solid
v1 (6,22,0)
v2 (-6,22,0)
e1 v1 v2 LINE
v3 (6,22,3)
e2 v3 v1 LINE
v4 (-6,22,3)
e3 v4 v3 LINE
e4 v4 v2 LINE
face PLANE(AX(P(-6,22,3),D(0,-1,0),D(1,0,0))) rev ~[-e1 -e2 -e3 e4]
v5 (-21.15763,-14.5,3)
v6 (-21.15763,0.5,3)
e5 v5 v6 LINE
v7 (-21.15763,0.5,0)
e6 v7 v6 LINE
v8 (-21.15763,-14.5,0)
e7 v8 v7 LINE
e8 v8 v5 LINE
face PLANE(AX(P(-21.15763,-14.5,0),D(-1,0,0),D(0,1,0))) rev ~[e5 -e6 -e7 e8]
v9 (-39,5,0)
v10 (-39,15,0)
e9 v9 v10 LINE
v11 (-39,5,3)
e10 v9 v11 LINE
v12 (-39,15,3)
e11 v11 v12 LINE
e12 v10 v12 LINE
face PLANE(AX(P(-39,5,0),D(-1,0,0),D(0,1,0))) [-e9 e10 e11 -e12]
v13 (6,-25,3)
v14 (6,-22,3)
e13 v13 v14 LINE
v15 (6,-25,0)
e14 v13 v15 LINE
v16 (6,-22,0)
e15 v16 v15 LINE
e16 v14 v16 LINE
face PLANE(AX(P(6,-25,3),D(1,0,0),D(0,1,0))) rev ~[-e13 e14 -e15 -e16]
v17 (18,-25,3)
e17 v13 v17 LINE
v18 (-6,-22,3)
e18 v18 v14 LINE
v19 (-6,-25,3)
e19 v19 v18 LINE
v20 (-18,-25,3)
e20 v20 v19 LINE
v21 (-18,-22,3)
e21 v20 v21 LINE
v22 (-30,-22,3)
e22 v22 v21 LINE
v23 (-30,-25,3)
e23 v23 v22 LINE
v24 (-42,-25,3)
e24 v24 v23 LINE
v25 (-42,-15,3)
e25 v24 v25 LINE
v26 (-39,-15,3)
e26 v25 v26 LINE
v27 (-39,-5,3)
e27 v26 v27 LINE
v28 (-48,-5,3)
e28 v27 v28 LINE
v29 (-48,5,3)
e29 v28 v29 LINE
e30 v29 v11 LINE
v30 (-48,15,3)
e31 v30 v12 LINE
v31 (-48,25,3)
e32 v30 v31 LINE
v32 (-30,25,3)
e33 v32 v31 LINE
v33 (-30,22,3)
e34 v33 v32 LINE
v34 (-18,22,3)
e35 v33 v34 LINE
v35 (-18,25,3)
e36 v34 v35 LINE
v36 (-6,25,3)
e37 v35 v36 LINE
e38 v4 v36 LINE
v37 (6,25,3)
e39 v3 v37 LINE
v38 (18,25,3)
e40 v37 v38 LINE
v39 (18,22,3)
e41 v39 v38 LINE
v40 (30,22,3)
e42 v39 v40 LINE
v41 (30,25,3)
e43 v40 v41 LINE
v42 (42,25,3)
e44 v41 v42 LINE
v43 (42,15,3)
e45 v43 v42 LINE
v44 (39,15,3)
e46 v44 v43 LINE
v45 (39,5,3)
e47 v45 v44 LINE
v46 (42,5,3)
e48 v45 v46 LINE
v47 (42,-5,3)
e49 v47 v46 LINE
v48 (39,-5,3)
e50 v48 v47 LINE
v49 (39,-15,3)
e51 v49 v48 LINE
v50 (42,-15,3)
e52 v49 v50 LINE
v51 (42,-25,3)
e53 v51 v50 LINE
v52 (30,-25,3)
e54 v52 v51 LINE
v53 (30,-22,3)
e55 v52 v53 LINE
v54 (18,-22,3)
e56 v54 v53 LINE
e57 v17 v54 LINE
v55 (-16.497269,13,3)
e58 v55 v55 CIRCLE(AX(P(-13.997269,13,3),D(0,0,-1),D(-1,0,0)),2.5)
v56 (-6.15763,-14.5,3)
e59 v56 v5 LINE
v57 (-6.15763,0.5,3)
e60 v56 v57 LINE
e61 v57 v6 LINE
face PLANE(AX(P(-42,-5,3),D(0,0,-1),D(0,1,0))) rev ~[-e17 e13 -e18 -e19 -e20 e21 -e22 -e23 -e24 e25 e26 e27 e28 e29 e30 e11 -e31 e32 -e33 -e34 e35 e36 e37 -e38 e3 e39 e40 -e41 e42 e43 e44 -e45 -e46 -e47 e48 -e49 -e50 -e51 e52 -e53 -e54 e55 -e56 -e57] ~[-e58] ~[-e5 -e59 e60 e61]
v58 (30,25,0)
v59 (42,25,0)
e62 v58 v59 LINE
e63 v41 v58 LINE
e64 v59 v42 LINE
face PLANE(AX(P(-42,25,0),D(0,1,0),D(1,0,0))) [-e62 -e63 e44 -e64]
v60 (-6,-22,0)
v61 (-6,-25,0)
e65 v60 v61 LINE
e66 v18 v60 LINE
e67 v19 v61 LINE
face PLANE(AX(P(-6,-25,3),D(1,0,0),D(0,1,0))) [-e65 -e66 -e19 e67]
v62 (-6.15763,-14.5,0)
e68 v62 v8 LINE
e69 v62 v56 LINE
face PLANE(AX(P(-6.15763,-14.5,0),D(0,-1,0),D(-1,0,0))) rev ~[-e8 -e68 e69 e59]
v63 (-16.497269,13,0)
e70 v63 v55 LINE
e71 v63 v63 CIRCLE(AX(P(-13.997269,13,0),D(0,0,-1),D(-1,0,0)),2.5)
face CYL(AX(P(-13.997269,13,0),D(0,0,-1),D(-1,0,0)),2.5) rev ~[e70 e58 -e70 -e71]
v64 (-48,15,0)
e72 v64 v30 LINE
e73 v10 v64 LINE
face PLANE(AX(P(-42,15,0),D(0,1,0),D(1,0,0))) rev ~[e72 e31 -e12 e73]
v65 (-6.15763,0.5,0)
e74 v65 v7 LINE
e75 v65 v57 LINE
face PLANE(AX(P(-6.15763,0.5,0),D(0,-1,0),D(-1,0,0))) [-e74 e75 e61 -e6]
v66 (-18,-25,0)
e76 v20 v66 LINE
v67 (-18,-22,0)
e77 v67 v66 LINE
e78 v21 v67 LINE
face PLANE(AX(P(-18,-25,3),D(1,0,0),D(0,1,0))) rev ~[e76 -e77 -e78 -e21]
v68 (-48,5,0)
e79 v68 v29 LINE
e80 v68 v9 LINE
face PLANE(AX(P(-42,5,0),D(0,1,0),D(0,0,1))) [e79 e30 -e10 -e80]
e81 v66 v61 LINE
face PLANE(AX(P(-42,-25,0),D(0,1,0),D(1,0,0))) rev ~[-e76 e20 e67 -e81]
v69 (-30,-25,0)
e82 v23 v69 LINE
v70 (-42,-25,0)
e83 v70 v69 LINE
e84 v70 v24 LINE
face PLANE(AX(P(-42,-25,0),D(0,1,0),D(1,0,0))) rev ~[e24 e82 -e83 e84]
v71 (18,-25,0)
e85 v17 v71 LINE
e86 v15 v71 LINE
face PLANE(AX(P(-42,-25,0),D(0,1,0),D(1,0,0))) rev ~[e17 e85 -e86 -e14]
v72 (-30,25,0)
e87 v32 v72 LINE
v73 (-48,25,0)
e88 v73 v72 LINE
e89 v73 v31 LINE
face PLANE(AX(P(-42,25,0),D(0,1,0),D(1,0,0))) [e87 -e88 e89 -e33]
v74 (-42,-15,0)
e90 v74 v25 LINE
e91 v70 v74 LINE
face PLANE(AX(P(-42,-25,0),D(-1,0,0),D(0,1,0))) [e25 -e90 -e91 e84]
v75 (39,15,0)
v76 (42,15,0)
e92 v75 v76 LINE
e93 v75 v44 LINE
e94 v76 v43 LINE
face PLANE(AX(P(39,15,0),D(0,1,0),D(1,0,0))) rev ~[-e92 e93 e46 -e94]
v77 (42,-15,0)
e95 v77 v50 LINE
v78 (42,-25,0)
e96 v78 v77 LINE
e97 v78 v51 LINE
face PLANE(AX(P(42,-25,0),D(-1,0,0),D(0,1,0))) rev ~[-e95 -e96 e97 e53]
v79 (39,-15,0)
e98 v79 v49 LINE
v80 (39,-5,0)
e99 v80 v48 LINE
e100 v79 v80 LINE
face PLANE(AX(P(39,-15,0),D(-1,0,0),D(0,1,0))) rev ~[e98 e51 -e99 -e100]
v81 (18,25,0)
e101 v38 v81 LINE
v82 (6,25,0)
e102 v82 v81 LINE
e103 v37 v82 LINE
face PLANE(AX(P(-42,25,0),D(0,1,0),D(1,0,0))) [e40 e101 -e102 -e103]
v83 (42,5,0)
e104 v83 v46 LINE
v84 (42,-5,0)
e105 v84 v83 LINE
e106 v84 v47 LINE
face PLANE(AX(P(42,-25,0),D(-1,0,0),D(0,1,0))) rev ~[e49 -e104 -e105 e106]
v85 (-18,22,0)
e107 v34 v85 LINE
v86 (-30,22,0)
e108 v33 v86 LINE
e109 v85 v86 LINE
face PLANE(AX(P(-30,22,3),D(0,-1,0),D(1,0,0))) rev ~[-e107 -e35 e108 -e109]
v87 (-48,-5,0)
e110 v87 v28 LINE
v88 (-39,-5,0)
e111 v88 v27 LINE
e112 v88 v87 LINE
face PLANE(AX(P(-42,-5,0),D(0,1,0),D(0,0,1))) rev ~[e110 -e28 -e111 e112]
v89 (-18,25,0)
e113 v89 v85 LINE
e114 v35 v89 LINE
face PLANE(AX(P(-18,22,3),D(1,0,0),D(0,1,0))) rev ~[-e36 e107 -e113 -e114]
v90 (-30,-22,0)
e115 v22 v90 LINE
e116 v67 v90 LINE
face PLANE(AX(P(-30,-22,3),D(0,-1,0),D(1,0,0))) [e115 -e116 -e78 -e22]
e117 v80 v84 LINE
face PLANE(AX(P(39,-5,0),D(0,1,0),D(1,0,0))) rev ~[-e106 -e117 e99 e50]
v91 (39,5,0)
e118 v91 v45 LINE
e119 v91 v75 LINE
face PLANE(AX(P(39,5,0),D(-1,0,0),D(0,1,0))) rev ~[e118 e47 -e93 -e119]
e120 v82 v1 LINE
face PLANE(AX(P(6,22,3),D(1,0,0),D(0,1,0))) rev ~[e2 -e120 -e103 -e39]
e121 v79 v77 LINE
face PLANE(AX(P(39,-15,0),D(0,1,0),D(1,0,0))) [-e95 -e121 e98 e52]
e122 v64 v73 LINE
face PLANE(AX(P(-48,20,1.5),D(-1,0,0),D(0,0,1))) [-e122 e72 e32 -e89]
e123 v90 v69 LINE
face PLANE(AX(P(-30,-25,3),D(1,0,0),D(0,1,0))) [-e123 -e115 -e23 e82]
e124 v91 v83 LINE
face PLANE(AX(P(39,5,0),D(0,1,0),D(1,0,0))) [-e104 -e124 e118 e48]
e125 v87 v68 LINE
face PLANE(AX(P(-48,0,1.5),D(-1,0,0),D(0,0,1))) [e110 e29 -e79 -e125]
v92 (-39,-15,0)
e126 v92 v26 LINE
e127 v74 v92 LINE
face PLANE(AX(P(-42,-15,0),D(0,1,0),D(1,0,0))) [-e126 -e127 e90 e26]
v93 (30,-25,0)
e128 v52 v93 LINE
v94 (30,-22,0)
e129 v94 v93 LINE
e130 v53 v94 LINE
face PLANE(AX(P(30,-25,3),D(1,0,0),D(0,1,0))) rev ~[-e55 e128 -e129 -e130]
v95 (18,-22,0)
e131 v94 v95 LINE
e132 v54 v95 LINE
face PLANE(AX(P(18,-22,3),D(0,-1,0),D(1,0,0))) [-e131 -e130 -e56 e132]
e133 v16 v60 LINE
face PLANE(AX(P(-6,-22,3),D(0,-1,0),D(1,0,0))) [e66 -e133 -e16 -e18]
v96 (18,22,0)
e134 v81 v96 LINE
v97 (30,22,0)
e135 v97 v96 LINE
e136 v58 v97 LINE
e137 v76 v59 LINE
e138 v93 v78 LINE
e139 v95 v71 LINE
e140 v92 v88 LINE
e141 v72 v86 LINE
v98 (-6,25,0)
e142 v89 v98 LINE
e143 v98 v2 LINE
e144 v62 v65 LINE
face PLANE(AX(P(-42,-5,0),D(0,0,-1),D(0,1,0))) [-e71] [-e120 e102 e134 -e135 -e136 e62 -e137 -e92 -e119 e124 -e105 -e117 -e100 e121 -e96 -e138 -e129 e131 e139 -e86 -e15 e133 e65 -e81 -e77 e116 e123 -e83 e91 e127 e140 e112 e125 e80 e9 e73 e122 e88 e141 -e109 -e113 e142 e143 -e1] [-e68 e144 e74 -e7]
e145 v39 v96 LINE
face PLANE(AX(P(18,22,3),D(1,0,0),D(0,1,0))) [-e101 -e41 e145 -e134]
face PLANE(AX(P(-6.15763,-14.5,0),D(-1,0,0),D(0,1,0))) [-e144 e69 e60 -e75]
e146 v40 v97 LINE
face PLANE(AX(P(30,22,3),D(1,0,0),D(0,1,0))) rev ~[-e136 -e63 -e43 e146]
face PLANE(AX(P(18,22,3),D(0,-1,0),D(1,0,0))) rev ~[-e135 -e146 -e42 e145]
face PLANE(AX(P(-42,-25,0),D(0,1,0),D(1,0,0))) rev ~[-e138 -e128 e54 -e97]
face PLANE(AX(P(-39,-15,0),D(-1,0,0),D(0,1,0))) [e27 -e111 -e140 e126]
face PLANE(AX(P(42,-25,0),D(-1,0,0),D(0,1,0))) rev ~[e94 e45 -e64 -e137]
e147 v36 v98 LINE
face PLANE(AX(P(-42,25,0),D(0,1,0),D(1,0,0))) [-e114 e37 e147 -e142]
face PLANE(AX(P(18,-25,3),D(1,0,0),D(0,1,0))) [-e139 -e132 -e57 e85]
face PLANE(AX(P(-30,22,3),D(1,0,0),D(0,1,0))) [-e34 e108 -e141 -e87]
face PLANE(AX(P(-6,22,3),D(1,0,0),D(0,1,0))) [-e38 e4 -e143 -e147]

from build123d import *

# Parameters (mm, degrees)
ESBO_O4_W                = 84
ESBO_O4_H                = 50
RESSALTO_EXTRUS_O2_DEPTH = 3
CORTE_EXTRUS_O2_REACH    = 50.969
ESBO_O5_W                = 12
ESBO_O5_H                = 3
CORTE_EXTRUS_O4_REACH    = 50.969
ESBO_O6_W                = 3
ESBO_O6_H                = 10
CORTE_EXTRUS_O5_REACH    = 50.969
ESBO_O8_R                = 2.5
ESBO_O8_W                = 15
ESBO_O8_H                = 15
ESBO_O11_W               = 3
ESBO_O11_H               = 10
RESSALTO_EXTRUS_O4_DEPTH = 6


with BuildPart() as part:
    # Esboço4 → Ressalto-extrusão2 (new body)
    with BuildSketch(Plane.XY):
        Rectangle(ESBO_O4_W, ESBO_O4_H)
    extrude(amount=RESSALTO_EXTRUS_O2_DEPTH)

    # Esboço5 → Corte-extrusão2 (cut, up to next)
    with BuildSketch(Plane.XY.offset(3), mode=Mode.PRIVATE) as corte_extrus_o2_sk1:
        with Locations((24, 23.5)):
            Rectangle(ESBO_O5_W, ESBO_O5_H)
    corte_extrus_o2_tool1 = extrude(corte_extrus_o2_sk1.sketch, amount=-CORTE_EXTRUS_O2_REACH, mode=Mode.PRIVATE) & part.part
    # Esboço5 → Corte-extrusão2 (cut, up to next)
    with BuildSketch(Plane.XY.offset(3), mode=Mode.PRIVATE) as corte_extrus_o2_sk2:
        with Locations((-24, 23.5)):
            Rectangle(ESBO_O5_W, ESBO_O5_H)
    corte_extrus_o2_tool2 = extrude(corte_extrus_o2_sk2.sketch, amount=-CORTE_EXTRUS_O2_REACH, mode=Mode.PRIVATE) & part.part
    # Esboço5 → Corte-extrusão2 (cut, up to next)
    with BuildSketch(Plane.XY.offset(3), mode=Mode.PRIVATE) as corte_extrus_o2_sk3:
        with Locations((0, 23.5)):
            Rectangle(ESBO_O5_W, ESBO_O5_H)
    corte_extrus_o2_tool3 = extrude(corte_extrus_o2_sk3.sketch, amount=-CORTE_EXTRUS_O2_REACH, mode=Mode.PRIVATE) & part.part
    # Esboço5 → Corte-extrusão2 (cut, up to next)
    with BuildSketch(Plane.XY.offset(3), mode=Mode.PRIVATE) as corte_extrus_o2_sk4:
        with Locations((0, -23.5)):
            Rectangle(ESBO_O5_W, ESBO_O5_H)
    corte_extrus_o2_tool4 = extrude(corte_extrus_o2_sk4.sketch, amount=-CORTE_EXTRUS_O2_REACH, mode=Mode.PRIVATE) & part.part
    # Esboço5 → Corte-extrusão2 (cut, up to next)
    with BuildSketch(Plane.XY.offset(3), mode=Mode.PRIVATE) as corte_extrus_o2_sk5:
        with Locations((-24, -23.5)):
            Rectangle(ESBO_O5_W, ESBO_O5_H)
    corte_extrus_o2_tool5 = extrude(corte_extrus_o2_sk5.sketch, amount=-CORTE_EXTRUS_O2_REACH, mode=Mode.PRIVATE) & part.part
    # Esboço5 → Corte-extrusão2 (cut, up to next)
    with BuildSketch(Plane.XY.offset(3), mode=Mode.PRIVATE) as corte_extrus_o2_sk6:
        with Locations((24, -23.5)):
            Rectangle(ESBO_O5_W, ESBO_O5_H)
    corte_extrus_o2_tool6 = extrude(corte_extrus_o2_sk6.sketch, amount=-CORTE_EXTRUS_O2_REACH, mode=Mode.PRIVATE) & part.part
    add(corte_extrus_o2_tool1.solids().sort_by_distance((24, 23.5, 3))[0], mode=Mode.SUBTRACT)
    add(corte_extrus_o2_tool2.solids().sort_by_distance((-24, 23.5, 3))[0], mode=Mode.SUBTRACT)
    add(corte_extrus_o2_tool3.solids().sort_by_distance((0, 23.5, 3))[0], mode=Mode.SUBTRACT)
    add(corte_extrus_o2_tool4.solids().sort_by_distance((0, -23.5, 3))[0], mode=Mode.SUBTRACT)
    add(corte_extrus_o2_tool5.solids().sort_by_distance((-24, -23.5, 3))[0], mode=Mode.SUBTRACT)
    add(corte_extrus_o2_tool6.solids().sort_by_distance((24, -23.5, 3))[0], mode=Mode.SUBTRACT)

    # Esboço6 → Corte-extrusão4 (cut, up to next)
    with BuildSketch(Plane.XY, mode=Mode.PRIVATE) as corte_extrus_o4_sk1:
        with Locations((40.5, 10)):
            Rectangle(ESBO_O6_W, ESBO_O6_H)
    corte_extrus_o4_tool1 = extrude(corte_extrus_o4_sk1.sketch, amount=CORTE_EXTRUS_O4_REACH, mode=Mode.PRIVATE) & part.part
    # Esboço6 → Corte-extrusão4 (cut, up to next)
    with BuildSketch(Plane.XY, mode=Mode.PRIVATE) as corte_extrus_o4_sk2:
        with Locations((-40.5, 10)):
            Rectangle(ESBO_O6_W, ESBO_O6_H)
    corte_extrus_o4_tool2 = extrude(corte_extrus_o4_sk2.sketch, amount=CORTE_EXTRUS_O4_REACH, mode=Mode.PRIVATE) & part.part
    # Esboço6 → Corte-extrusão4 (cut, up to next)
    with BuildSketch(Plane.XY, mode=Mode.PRIVATE) as corte_extrus_o4_sk3:
        with Locations((-40.5, -10)):
            Rectangle(ESBO_O6_W, ESBO_O6_H)
    corte_extrus_o4_tool3 = extrude(corte_extrus_o4_sk3.sketch, amount=CORTE_EXTRUS_O4_REACH, mode=Mode.PRIVATE) & part.part
    # Esboço6 → Corte-extrusão4 (cut, up to next)
    with BuildSketch(Plane.XY, mode=Mode.PRIVATE) as corte_extrus_o4_sk4:
        with Locations((40.5, -10)):
            Rectangle(ESBO_O6_W, ESBO_O6_H)
    corte_extrus_o4_tool4 = extrude(corte_extrus_o4_sk4.sketch, amount=CORTE_EXTRUS_O4_REACH, mode=Mode.PRIVATE) & part.part
    add(corte_extrus_o4_tool1.solids().sort_by_distance((40.5, 10, 0))[0], mode=Mode.SUBTRACT)
    add(corte_extrus_o4_tool2.solids().sort_by_distance((-40.5, 10, 0))[0], mode=Mode.SUBTRACT)
    add(corte_extrus_o4_tool3.solids().sort_by_distance((-40.5, -10, 0))[0], mode=Mode.SUBTRACT)
    add(corte_extrus_o4_tool4.solids().sort_by_distance((40.5, -10, 0))[0], mode=Mode.SUBTRACT)

    # Esboço8 → Corte-extrusão5 (cut, up to next)
    with BuildSketch(Plane(origin=(0, 0, 0), x_dir=(-1, 0, 0), z_dir=(0, 0, -1)), mode=Mode.PRIVATE) as corte_extrus_o5_sk1:
        with Locations((13.99726894, 13)):
            Circle(ESBO_O8_R)
    corte_extrus_o5_tool1 = extrude(corte_extrus_o5_sk1.sketch, amount=-CORTE_EXTRUS_O5_REACH, mode=Mode.PRIVATE) & part.part
    # Esboço8 → Corte-extrusão5 (cut, up to next)
    with BuildSketch(Plane(origin=(0, 0, 0), x_dir=(-1, 0, 0), z_dir=(0, 0, -1)), mode=Mode.PRIVATE) as corte_extrus_o5_sk2:
        with Locations((13.657630315, -7)):
            Rectangle(ESBO_O8_W, ESBO_O8_H)
    corte_extrus_o5_tool2 = extrude(corte_extrus_o5_sk2.sketch, amount=-CORTE_EXTRUS_O5_REACH, mode=Mode.PRIVATE) & part.part
    add(corte_extrus_o5_tool1.solids().sort_by_distance((-13.997269, 13, 0))[0], mode=Mode.SUBTRACT)
    add(corte_extrus_o5_tool2.solids().sort_by_distance((-13.65763, -7, 0))[0], mode=Mode.SUBTRACT)

    # Esboço11 → Ressalto-extrusão4 (add)
    with BuildSketch(Plane.ZY.offset(42)):
        with Locations((1.5, 0)):
            Rectangle(ESBO_O11_W, ESBO_O11_H)
        with Locations((1.5, 20)):
            Rectangle(ESBO_O11_W, ESBO_O11_H)
    extrude(amount=RESSALTO_EXTRUS_O4_DEPTH)


solid = part.part
